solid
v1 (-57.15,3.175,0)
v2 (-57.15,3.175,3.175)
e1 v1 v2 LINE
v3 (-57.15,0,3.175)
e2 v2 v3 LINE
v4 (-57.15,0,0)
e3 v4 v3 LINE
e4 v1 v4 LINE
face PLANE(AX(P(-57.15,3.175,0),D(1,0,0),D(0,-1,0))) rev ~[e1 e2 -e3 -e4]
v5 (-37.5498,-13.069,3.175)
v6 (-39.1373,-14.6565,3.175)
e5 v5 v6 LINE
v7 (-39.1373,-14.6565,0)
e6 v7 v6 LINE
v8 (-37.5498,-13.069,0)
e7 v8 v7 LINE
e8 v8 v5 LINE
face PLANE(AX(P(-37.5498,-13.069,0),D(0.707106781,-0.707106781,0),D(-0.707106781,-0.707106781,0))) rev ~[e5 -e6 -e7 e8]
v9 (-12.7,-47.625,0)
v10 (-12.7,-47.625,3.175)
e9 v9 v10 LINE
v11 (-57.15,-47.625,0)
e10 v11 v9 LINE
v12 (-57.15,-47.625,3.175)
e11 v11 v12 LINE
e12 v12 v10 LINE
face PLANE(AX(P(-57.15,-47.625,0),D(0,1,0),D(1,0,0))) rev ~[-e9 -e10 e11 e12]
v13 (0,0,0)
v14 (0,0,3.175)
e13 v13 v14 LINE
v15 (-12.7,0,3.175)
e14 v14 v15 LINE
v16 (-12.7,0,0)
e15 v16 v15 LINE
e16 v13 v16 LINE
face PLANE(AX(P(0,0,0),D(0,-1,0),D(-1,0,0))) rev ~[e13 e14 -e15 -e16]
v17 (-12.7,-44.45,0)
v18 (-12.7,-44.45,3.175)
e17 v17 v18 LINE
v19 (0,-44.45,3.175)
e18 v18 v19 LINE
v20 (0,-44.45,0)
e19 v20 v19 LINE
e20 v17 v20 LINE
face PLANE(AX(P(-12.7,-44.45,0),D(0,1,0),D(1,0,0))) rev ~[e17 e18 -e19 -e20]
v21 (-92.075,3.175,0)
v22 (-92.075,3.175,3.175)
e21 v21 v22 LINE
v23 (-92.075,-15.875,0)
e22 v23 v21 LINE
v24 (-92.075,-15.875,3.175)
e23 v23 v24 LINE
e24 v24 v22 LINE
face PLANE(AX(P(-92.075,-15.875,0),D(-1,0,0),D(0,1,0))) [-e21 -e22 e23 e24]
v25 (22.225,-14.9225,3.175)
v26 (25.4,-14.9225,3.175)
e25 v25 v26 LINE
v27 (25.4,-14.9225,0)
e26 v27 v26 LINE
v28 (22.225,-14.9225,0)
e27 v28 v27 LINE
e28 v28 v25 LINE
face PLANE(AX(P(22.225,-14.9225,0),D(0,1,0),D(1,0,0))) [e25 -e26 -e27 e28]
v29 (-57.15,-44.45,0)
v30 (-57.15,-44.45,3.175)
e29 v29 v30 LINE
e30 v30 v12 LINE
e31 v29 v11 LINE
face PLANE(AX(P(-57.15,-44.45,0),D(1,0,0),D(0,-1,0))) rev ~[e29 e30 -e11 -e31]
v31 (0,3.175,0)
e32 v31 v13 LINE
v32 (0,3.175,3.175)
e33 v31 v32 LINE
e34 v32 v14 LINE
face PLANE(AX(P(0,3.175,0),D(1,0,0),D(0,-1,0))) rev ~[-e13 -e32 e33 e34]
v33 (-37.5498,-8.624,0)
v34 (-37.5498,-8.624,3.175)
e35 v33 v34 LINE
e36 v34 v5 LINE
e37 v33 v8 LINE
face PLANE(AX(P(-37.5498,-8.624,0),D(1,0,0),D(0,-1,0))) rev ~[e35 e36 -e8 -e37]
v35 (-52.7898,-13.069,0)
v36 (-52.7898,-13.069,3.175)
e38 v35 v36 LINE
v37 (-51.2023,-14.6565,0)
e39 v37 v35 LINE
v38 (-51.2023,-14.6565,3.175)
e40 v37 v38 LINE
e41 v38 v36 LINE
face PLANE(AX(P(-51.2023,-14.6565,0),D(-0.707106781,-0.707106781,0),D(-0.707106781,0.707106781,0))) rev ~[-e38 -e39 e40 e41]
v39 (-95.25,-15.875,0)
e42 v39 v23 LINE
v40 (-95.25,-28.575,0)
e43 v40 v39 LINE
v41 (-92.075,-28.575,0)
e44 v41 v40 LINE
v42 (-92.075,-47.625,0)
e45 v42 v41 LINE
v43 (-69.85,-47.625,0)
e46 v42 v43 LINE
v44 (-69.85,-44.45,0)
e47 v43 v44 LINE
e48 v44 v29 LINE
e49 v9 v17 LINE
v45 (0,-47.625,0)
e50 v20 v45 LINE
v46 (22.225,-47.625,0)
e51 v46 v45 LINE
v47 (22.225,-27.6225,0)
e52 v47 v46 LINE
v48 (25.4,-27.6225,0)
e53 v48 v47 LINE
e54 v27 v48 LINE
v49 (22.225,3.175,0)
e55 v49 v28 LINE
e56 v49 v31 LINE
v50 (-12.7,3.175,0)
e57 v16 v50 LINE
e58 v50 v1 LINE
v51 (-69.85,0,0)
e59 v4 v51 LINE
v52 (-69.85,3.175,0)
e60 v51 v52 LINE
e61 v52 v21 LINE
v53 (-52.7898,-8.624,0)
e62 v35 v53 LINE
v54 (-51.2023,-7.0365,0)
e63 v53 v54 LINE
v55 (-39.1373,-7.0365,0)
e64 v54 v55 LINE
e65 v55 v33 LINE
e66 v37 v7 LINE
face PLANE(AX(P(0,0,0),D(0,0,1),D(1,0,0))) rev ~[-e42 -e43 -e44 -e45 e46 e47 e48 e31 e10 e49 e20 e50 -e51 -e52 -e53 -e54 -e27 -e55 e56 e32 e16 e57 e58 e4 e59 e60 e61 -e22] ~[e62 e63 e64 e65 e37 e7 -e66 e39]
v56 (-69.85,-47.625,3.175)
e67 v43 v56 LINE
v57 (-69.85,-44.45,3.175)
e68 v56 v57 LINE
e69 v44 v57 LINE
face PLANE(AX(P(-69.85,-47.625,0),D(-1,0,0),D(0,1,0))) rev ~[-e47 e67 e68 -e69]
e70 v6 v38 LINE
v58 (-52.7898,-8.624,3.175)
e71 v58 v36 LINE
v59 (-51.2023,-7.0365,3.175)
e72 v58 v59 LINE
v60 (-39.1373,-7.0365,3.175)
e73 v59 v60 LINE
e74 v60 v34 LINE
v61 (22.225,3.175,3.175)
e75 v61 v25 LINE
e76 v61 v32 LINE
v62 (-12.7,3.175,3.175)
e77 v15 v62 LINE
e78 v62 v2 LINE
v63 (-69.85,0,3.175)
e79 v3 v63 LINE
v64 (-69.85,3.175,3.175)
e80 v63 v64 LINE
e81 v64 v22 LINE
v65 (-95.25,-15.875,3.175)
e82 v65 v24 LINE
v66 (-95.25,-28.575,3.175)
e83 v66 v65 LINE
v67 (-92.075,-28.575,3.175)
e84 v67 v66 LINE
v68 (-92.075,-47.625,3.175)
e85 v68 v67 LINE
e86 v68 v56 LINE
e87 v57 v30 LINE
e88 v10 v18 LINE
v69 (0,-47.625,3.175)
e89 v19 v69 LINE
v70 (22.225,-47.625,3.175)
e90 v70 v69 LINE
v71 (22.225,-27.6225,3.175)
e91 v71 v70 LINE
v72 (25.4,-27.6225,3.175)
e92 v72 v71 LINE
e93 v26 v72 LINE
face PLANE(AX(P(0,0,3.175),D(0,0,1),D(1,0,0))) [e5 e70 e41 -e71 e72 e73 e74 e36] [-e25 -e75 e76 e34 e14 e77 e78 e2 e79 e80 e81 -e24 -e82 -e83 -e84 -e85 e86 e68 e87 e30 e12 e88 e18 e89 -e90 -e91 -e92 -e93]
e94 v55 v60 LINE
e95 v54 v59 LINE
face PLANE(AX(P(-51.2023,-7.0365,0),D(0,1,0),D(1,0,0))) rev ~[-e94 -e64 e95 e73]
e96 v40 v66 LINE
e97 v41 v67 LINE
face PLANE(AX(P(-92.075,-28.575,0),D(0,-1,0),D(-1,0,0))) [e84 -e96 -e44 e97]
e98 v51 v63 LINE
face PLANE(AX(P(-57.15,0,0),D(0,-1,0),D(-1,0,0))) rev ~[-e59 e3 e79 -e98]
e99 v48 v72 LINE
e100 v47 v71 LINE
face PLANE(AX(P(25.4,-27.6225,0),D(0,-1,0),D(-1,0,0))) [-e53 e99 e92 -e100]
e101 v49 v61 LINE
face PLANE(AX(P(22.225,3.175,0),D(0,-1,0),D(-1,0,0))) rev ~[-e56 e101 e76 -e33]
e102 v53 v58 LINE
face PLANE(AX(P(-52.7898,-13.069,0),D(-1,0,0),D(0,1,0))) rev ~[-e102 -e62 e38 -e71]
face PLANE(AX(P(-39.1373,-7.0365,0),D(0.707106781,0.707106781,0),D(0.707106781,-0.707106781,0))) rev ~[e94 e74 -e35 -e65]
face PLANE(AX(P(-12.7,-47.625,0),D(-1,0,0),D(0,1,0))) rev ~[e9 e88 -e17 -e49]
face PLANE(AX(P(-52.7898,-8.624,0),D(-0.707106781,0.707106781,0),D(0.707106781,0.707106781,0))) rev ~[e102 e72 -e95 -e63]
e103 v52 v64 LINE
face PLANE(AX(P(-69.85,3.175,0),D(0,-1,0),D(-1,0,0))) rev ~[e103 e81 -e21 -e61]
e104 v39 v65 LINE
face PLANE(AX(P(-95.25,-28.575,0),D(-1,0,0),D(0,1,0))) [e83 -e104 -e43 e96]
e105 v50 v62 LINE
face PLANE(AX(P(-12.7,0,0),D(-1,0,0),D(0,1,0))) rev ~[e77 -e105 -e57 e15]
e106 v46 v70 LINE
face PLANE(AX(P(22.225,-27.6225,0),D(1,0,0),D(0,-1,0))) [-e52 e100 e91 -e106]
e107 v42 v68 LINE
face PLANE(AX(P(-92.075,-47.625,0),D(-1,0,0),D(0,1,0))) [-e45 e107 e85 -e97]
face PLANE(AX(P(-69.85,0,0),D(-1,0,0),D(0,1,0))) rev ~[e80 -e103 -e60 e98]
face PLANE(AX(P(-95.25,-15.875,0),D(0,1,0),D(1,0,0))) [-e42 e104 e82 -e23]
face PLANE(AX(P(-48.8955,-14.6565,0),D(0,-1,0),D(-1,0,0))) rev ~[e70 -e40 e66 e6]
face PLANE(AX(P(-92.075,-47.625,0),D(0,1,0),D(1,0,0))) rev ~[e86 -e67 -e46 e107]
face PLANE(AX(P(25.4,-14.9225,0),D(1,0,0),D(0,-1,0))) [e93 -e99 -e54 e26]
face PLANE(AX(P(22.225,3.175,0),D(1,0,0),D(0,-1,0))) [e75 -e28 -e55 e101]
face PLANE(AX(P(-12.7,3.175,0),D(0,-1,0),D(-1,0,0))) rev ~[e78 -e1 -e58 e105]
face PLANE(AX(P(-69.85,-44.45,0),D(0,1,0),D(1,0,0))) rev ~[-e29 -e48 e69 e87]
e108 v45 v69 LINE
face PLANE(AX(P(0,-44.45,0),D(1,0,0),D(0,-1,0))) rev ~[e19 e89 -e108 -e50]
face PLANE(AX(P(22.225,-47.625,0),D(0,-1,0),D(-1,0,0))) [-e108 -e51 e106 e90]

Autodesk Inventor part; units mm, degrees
ref_plane "YZ Plane" through (0, 0, 0) normal (1, 0, 0) x (0, 1, 0)
ref_plane "XZ Plane" through (0, 0, 0) normal (0, 1, 0) x (-1, 0, 0)
ref_plane "XY Plane" through (0, 0, 0) normal (0, 0, 1) x (1, 0, 0)
sketch "Sketch1" plane through (0, 0, 0) normal (0, 0, 1) x (1, 0, 0)
  line L0 (22.225, 3.175) -> (25.4, 3.175) projected
  line L1 (-37.5498, -13.069) -> (-39.1373, -14.6565) projected
  line L2 (-39.1373, -14.6565) -> (-51.2023, -14.6565) projected
  line L3 (-51.2023, -14.6565) -> (-52.7898, -13.069) projected
  line L4 (-52.7898, -13.069) -> (-52.7898, -8.624) projected
  line L5 (-52.7898, -8.624) -> (-51.2023, -7.0365) projected
  line L6 (-51.2023, -7.0365) -> (-39.1373, -7.0365) projected
  line L7 (-39.1373, -7.0365) -> (-37.5498, -8.624) projected
  line L8 (-37.5498, -8.624) -> (-37.5498, -13.069) projected
  line L9 (-95.25, 3.175) -> (-95.25, -15.875) projected
  line L10 (-95.25, -28.575) -> (-95.25, -47.625) projected
  line L11 (-95.25, -47.625) -> (-69.85, -47.625) projected
  line L12 (-69.85, -47.625) -> (-69.85, -44.45) projected
  line L13 (-69.85, -44.45) -> (-57.15, -44.45) projected
  line L14 (-57.15, -44.45) -> (-57.15, -47.625) projected
  line L15 (-57.15, -47.625) -> (-12.7, -47.625) projected
  line L16 (-12.7, -47.625) -> (-12.7, -44.45) projected
  line L17 (-12.7, -44.45) -> (0, -44.45) projected
  line L18 (0, -44.45) -> (0, -47.625) projected
  line L19 (22.225, 3.175) -> (0, 3.175)
  line L20 (0, 3.175) -> (0, 0)
  line L21 (0, 0) -> (-12.7, 0)
  line L22 (-12.7, 0) -> (-12.7, 3.175)
  line L23 (-12.7, 3.175) -> (-57.15, 3.175)
  line L24 (-57.15, 3.175) -> (-57.15, 0)
  line L25 (-57.15, 0) -> (-69.85, 0)
  line L26 (-69.85, 0) -> (-69.85, 3.175)
  line L27 (-69.85, 3.175) -> (-95.25, 3.175)
  line L28 (-48.8955, -19.685) -> (-50.483, -21.2725) projected
  line L29 (-50.483, -21.2725) -> (-63.3813, -21.2725) projected
  line L30 (-63.3813, -21.2725) -> (-64.9688, -19.685) projected
  line L31 (-64.9688, -19.685) -> (-64.9688, -10.4775) projected
  line L32 (-64.9688, -10.4775) -> (-63.3813, -8.89) projected
  line L33 (-63.3813, -8.89) -> (-50.483, -8.89) projected
  line L34 (-50.483, -8.89) -> (-48.8955, -10.4775) projected
  line L35 (-48.8955, -10.4775) -> (-48.8955, -19.685) projected
  line L36 (0, 0) -> (0, 3.175) projected
  line L37 (-12.7, 0) -> (0, 0) projected
  line L38 (-12.7, 3.175) -> (-12.7, 0) projected
  line L39 (-57.15, 3.175) -> (-12.7, 3.175) projected
  line L40 (-57.15, 0) -> (-57.15, 3.175) projected
  line L41 (-69.85, 0) -> (-57.15, 0) projected
  line L42 (-69.85, 3.175) -> (-69.85, 0) projected
  line L43 (-92.075, 3.175) -> (-69.85, 3.175) projected
  line L44 (-92.075, -15.875) -> (-92.075, 3.175) projected
  line L45 (-95.25, -15.875) -> (-92.075, -15.875) projected
  line L46 (-95.25, -28.575) -> (-95.25, -15.875) projected
  line L47 (-92.075, -28.575) -> (-95.25, -28.575) projected
  line L48 (-92.075, -47.625) -> (-92.075, -28.575) projected
  line L49 (-69.85, -47.625) -> (-92.075, -47.625) projected
  line L50 (-69.85, -44.45) -> (-69.85, -47.625) projected
  line L51 (-57.15, -44.45) -> (-69.85, -44.45) projected
  line L52 (-57.15, -47.625) -> (-57.15, -44.45) projected
  line L53 (-12.7, -47.625) -> (-57.15, -47.625) projected
  line L54 (-12.7, -44.45) -> (-12.7, -47.625) projected
  line L55 (0, -44.45) -> (-12.7, -44.45) projected
  line L56 (0, -47.625) -> (0, -44.45) projected
  line L57 (22.225, -47.625) -> (0, -47.625) projected
  line L58 (22.225, -27.6225) -> (22.225, -47.625) projected
  line L59 (25.4, -27.6225) -> (22.225, -27.6225) projected
  line L60 (25.4, -14.9225) -> (25.4, -27.6225) projected
  line L61 (22.225, -14.9225) -> (25.4, -14.9225) projected
  line L62 (22.225, 3.175) -> (22.225, -14.9225) projected
  line L63 (0, 3.175) -> (22.225, 3.175) projected
  point P0 (25.4, -15.875)
extrude "Extrusion1" add sketch "Sketch1" along normal blind 3.175 contours L35 L28 L29 L30 L31 L32 L33 L4 L3 L2 | L45 L44 L27 L26 L25 L24 L23 L22 L21 L20 L19 L62 L61 L60 L59 L58 L57 L18 L17 L16 L15 L14 L13 L12 L11 L48 L47 L46
properties part number "side" material "ABS Plastic"
